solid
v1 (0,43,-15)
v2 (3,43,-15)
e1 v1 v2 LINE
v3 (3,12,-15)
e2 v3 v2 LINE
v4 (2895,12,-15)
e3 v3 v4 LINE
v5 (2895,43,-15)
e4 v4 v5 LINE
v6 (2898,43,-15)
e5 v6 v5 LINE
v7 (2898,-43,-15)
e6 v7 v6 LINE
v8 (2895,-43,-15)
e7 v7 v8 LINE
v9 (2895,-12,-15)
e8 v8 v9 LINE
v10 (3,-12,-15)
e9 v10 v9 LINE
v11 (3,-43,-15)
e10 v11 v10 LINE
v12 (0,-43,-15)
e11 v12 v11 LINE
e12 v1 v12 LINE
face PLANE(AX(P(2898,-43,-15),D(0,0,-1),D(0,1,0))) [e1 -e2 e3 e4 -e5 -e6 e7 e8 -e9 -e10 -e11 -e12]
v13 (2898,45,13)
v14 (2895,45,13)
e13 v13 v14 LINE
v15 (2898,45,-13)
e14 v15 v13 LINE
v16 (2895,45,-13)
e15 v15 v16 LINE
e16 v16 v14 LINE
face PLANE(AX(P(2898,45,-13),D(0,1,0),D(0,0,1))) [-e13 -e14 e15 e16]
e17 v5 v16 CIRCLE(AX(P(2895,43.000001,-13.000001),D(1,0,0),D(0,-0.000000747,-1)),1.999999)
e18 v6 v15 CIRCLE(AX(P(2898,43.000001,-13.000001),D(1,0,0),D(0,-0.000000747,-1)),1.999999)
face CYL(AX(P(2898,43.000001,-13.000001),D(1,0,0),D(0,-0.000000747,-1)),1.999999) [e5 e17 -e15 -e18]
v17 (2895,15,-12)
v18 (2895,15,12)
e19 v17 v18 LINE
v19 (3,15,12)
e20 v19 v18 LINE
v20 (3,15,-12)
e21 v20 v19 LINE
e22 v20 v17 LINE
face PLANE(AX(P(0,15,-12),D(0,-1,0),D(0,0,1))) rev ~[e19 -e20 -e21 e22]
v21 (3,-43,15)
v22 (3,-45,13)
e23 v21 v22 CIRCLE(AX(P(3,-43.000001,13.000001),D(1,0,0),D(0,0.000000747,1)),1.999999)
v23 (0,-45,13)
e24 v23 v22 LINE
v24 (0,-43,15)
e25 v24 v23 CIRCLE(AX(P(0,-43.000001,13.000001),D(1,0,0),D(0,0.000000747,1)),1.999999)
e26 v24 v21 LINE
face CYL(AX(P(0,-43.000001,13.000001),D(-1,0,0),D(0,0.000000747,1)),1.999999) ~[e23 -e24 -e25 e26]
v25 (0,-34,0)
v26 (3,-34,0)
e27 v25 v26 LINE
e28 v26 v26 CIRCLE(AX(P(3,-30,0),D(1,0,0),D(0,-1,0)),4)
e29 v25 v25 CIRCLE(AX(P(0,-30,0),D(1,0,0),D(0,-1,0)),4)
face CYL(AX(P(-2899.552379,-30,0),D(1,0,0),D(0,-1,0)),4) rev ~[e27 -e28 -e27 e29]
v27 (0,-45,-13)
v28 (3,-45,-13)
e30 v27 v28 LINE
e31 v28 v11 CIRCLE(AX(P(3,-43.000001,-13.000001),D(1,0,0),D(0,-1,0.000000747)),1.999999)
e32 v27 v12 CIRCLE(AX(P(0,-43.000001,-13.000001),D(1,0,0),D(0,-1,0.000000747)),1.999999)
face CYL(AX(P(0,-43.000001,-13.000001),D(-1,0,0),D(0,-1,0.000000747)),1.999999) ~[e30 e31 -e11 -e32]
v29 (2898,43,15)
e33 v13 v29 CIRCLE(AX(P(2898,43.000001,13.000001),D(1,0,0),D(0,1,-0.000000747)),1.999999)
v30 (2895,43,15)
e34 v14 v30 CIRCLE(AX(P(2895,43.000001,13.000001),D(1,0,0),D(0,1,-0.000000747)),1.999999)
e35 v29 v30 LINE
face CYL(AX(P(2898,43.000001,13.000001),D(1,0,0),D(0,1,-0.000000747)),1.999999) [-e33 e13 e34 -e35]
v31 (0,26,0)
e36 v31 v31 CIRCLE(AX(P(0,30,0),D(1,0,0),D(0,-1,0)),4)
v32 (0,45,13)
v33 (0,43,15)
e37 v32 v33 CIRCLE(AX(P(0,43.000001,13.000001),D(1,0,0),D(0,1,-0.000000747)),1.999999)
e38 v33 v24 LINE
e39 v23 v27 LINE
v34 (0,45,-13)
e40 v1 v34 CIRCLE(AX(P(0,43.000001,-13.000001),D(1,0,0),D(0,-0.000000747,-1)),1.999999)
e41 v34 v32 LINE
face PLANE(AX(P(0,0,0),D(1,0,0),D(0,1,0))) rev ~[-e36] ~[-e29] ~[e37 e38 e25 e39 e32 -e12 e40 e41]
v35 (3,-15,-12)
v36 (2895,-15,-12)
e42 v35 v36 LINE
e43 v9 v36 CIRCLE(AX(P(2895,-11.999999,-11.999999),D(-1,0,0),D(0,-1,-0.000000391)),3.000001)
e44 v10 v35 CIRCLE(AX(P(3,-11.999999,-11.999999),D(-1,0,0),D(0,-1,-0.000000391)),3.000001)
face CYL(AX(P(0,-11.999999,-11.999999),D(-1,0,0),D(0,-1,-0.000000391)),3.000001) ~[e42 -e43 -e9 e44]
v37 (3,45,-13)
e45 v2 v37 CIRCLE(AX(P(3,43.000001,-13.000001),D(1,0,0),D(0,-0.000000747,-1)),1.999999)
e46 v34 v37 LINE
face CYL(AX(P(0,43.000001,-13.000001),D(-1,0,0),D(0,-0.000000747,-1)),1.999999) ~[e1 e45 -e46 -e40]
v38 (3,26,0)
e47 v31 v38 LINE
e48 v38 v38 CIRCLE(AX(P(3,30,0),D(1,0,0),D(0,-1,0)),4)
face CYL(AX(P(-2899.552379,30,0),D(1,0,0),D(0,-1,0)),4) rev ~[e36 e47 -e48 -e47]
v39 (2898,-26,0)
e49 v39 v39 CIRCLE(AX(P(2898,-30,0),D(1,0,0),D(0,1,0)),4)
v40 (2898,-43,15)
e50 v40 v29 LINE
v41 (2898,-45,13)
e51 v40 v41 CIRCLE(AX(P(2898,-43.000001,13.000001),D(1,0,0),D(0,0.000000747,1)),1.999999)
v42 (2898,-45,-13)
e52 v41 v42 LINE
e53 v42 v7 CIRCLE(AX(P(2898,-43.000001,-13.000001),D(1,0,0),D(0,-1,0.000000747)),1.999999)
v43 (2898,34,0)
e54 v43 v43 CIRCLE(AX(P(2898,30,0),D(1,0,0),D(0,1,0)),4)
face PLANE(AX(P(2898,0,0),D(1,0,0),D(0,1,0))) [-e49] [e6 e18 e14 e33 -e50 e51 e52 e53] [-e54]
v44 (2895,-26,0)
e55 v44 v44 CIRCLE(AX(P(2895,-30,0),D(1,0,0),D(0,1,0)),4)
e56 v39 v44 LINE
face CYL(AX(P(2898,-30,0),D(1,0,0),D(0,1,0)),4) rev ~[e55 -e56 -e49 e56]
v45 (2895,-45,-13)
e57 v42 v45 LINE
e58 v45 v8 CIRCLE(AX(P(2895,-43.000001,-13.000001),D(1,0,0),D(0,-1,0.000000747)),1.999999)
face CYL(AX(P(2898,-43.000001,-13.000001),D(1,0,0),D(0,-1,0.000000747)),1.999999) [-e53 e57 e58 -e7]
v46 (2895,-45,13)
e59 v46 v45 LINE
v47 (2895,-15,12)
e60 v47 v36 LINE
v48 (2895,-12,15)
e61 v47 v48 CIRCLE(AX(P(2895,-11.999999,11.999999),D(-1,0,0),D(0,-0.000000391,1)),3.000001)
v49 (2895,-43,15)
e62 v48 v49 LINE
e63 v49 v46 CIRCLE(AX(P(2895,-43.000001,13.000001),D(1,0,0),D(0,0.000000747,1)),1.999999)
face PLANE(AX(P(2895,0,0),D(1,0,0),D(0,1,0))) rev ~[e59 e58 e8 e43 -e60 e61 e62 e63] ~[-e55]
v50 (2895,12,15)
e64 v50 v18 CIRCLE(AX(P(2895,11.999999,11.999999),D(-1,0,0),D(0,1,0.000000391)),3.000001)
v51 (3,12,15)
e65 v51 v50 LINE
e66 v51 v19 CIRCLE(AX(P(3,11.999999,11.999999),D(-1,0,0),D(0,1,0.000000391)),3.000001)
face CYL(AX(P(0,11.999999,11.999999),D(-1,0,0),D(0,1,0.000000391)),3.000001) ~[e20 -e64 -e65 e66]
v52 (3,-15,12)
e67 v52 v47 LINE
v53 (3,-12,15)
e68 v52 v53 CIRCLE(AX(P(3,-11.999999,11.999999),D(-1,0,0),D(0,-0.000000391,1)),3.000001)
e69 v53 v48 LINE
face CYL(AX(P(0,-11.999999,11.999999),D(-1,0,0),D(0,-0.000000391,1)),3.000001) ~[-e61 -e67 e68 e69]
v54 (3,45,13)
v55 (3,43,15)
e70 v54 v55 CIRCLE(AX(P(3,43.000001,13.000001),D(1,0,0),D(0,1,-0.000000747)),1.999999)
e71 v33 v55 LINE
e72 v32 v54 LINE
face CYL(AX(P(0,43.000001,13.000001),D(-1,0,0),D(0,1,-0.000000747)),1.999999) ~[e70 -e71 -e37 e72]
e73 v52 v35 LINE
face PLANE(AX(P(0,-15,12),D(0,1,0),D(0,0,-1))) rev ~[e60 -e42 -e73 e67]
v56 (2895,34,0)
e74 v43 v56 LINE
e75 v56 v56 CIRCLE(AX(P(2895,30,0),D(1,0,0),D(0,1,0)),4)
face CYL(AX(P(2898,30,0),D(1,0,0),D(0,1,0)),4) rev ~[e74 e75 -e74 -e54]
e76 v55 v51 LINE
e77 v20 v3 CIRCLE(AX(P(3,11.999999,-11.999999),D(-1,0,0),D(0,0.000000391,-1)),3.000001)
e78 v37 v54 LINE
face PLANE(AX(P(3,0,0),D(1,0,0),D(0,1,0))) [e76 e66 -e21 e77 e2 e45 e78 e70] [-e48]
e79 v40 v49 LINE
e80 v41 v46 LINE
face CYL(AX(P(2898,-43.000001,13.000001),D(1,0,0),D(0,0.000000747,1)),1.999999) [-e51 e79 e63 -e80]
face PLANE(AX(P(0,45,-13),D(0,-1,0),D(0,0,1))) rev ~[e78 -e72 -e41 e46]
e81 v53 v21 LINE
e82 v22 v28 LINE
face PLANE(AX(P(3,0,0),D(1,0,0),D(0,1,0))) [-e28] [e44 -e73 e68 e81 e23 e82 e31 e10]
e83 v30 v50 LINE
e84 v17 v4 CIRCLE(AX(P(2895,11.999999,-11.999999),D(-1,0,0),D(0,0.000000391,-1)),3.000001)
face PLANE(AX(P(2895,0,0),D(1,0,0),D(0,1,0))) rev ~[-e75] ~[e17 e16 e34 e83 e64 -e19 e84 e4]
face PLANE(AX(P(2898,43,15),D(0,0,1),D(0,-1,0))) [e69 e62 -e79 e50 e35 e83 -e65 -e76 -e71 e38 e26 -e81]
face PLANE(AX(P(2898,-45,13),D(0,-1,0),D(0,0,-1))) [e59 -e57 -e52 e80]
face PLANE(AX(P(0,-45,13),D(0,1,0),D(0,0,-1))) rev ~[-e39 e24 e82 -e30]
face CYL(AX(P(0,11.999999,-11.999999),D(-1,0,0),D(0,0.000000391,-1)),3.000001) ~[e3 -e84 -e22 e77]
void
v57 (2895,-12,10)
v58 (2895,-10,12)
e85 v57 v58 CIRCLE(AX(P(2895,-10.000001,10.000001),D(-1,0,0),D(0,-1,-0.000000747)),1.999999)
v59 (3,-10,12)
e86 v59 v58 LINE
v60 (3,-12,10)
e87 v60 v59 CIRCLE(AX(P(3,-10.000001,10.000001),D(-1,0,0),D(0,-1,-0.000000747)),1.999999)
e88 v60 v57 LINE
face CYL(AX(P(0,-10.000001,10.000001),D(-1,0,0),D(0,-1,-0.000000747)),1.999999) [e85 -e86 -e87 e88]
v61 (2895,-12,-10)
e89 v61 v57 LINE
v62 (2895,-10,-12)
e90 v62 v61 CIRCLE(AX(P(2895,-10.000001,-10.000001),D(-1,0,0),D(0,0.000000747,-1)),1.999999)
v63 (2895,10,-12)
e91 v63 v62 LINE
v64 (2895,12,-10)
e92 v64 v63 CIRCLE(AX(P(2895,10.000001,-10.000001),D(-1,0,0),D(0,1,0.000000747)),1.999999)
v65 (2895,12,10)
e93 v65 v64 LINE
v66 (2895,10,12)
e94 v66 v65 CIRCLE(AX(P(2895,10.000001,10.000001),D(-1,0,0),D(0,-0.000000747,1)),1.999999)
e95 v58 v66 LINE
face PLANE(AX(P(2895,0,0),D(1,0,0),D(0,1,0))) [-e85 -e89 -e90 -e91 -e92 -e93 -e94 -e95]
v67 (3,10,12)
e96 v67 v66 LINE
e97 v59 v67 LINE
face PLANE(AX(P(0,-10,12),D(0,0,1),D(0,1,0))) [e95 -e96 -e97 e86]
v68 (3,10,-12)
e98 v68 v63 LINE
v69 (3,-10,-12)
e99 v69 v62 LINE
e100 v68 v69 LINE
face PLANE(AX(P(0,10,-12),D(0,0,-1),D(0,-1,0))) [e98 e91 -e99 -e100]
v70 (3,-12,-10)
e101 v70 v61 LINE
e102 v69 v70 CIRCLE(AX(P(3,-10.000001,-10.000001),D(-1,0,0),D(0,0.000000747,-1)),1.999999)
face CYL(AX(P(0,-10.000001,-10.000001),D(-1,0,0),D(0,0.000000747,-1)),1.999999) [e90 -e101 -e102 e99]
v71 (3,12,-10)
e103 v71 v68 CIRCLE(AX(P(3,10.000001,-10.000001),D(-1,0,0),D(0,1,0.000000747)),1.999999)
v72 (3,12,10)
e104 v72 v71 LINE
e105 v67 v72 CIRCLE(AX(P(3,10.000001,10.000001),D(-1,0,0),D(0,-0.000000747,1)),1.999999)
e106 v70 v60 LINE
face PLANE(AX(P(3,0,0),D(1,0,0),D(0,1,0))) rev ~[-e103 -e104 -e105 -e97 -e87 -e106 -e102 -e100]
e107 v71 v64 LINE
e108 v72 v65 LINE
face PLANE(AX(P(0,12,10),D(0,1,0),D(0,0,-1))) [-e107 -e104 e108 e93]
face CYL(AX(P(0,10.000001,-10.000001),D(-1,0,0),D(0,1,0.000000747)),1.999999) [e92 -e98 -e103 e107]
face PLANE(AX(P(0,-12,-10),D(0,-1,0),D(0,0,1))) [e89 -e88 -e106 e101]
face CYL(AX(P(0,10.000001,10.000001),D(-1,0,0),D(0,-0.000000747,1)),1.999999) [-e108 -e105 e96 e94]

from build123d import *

# Parameters (mm, degrees)
F2_DEPTH = 2898
F4_DEPTH = 3
F5_D     = 8
F6_R     = 4
F7_DEPTH = 3


with BuildPart() as f2:
    # F0 (on Right) → F2 (new body, through all)
    with BuildSketch(Plane.YZ):
        with BuildLine():
            Line((-12, -15), (12, -15))
            ThreePointArc((12, -15), (14.12132, -14.12132), (15, -12))
            Line((15, -12), (15, 12))
            ThreePointArc((15, 12), (14.12132, 14.12132), (12, 15))
            Line((12, 15), (-12, 15))
            ThreePointArc((-12, 15), (-14.12132, 14.12132), (-15, 12))
            Line((-15, 12), (-15, -12))
            ThreePointArc((-15, -12), (-14.12132, -14.12132), (-12, -15))
        make_face()
        with BuildLine():
            ThreePointArc((12, -10), (11.414214, -11.414214), (10, -12))
            Line((10, -12), (-10, -12))
            ThreePointArc((-10, -12), (-11.414214, -11.414214), (-12, -10))
            Line((-12, -10), (-12, 10))
            ThreePointArc((-12, 10), (-11.414214, 11.414214), (-10, 12))
            Line((-10, 12), (10, 12))
            ThreePointArc((10, 12), (11.414214, 11.414214), (12, 10))
            Line((12, 10), (12, -10))
        make_face(mode=Mode.SUBTRACT)
    extrude(amount=F2_DEPTH)

    # F3 (on Right) → F4 (join)
    with BuildSketch(Plane.YZ):
        with BuildLine():
            ThreePointArc((45, 13), (44.414214, 14.414214), (43, 15))
            Line((43, 15), (-43, 15))
            ThreePointArc((-43, 15), (-44.414214, 14.414214), (-45, 13))
            Line((-45, 13), (-45, -13))
            ThreePointArc((-45, -13), (-44.414214, -14.414214), (-43, -15))
            Line((-43, -15), (43, -15))
            ThreePointArc((43, -15), (44.414214, -14.414214), (45, -13))
            Line((45, -13), (45, 13))
        make_face()
    extrude(amount=F4_DEPTH)

    # F5 (through all)
    with Locations(Plane(origin=(0, 0, 0), x_dir=(0, 1, 0), z_dir=(-1, 0, 0))):
        with Locations((30, 0), (-30, 0)):
            Hole(F5_D / 2)

    # F6 (on offset) → F7 (join)
    with BuildSketch(Plane.YZ.offset(2898)):
        with BuildLine():
            ThreePointArc((45, 13), (44.414214, 14.414214), (43, 15))
            Line((43, 15), (-43, 15))
            ThreePointArc((-43, 15), (-44.414214, 14.414214), (-45, 13))
            Line((-45, 13), (-45, -13))
            ThreePointArc((-45, -13), (-44.414214, -14.414214), (-43, -15))
            Line((-43, -15), (43, -15))
            ThreePointArc((43, -15), (44.414214, -14.414214), (45, -13))
            Line((45, -13), (45, 13))
        make_face()
        with Locations((-30, 0)):
            Circle(F6_R, mode=Mode.SUBTRACT)
        with Locations((30, 0)):
            Circle(F6_R, mode=Mode.SUBTRACT)
    extrude(amount=-F7_DEPTH)


solid = f2.part
